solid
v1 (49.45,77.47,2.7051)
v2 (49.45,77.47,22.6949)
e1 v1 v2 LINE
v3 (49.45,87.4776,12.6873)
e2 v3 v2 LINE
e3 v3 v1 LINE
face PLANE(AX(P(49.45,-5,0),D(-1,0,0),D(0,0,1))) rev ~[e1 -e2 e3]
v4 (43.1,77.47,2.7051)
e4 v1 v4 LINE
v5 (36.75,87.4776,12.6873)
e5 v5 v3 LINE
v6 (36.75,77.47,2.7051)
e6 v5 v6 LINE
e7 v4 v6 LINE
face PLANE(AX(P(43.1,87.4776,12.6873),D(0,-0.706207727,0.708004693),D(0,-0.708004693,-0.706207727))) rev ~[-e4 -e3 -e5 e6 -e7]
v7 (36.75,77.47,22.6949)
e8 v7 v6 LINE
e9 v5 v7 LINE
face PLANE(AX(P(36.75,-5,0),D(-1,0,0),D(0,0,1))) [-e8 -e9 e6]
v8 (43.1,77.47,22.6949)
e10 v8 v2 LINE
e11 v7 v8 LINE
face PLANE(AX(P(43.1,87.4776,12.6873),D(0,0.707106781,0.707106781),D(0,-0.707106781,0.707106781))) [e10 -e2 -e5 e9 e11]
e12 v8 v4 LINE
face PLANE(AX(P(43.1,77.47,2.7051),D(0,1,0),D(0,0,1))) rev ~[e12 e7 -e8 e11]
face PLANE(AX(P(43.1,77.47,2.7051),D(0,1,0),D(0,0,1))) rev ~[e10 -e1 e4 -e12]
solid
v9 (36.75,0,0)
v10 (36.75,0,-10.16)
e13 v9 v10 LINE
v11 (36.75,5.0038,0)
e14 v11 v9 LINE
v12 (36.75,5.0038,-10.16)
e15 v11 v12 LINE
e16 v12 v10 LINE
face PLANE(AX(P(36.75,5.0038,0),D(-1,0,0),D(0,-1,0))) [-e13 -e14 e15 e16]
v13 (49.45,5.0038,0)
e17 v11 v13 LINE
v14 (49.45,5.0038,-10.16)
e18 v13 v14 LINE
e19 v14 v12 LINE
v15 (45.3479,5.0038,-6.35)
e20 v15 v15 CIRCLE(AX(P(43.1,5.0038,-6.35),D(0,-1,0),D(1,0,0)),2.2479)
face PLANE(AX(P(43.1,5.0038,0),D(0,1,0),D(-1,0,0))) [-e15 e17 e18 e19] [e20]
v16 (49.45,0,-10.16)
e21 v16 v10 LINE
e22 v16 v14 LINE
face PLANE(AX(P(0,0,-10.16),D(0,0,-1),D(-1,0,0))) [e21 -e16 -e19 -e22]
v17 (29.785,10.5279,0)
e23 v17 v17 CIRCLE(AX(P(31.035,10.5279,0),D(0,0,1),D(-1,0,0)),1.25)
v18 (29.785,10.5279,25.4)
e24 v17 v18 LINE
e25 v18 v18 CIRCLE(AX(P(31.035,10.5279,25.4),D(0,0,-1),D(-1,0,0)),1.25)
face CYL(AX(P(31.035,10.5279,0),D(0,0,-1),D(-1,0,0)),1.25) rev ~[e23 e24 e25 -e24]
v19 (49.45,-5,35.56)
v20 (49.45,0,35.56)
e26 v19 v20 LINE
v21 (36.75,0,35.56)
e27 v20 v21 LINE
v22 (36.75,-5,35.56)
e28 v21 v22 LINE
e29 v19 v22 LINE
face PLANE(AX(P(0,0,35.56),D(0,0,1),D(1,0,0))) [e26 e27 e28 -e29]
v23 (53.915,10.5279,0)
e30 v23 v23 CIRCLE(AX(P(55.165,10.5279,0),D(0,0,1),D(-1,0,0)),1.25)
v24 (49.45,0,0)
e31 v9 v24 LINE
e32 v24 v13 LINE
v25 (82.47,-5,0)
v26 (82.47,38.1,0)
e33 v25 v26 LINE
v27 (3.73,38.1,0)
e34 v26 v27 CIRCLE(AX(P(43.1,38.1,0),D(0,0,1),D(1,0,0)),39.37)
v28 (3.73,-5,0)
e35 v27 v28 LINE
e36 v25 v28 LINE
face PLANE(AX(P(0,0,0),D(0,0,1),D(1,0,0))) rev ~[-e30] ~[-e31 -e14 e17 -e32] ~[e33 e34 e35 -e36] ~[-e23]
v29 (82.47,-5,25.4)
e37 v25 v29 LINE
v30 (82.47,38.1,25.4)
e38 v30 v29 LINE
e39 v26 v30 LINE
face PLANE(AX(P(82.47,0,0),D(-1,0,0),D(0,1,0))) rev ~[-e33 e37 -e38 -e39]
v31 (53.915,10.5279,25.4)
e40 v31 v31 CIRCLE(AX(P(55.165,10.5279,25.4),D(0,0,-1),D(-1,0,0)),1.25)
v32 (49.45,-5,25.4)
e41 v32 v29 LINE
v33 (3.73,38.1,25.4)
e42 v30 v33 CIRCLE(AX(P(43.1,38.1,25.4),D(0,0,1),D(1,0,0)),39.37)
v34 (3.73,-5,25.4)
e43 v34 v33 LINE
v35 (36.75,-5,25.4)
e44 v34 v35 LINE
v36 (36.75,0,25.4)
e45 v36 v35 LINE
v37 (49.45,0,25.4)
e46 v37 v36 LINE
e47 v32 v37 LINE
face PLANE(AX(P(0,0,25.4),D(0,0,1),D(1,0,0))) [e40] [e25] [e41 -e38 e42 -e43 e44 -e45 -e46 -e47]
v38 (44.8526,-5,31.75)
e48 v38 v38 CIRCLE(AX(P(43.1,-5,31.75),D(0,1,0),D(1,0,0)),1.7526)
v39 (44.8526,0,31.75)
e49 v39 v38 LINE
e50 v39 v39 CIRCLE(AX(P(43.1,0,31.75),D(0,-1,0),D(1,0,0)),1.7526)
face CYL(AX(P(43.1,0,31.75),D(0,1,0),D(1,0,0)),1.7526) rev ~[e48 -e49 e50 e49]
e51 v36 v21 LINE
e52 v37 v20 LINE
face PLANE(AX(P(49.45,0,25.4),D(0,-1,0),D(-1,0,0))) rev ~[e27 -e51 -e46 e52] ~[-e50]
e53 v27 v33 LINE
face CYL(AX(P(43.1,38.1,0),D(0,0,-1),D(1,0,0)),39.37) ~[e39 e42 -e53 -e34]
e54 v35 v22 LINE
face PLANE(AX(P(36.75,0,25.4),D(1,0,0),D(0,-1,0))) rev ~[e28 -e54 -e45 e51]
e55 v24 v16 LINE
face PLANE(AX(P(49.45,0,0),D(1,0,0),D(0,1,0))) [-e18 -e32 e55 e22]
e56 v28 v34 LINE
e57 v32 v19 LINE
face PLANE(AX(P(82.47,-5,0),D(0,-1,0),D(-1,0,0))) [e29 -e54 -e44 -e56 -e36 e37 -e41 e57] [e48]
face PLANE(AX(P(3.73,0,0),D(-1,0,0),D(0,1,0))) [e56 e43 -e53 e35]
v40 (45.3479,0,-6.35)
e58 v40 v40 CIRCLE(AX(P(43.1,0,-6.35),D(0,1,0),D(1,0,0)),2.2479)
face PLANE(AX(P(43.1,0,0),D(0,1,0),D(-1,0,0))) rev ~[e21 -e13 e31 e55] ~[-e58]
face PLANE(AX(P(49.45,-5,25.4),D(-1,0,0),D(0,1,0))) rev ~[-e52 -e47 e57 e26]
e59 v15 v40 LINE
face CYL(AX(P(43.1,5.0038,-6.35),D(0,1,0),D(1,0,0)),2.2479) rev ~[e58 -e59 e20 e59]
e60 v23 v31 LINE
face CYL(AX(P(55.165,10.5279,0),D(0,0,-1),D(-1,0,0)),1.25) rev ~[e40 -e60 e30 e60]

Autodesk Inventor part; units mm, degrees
ref_plane "YZ Plane" through (0, 0, 0) normal (1, 0, 0) x (0, 1, 0)
ref_plane "XZ Plane" through (0, 0, 0) normal (0, 1, 0) x (-1, 0, 0)
sketch "Sketch1" plane through (0, 0, 0) normal (0, 0, 1) x (1, 0, 0)
  line L0 (0, 38.1) -> (5, 38.1) projected
  line L1 (0, 0) -> (0, 38.1) projected
  line L2 (0, 0) -> (86.2, 0) projected
  line L3 (86.2, 0) -> (86.2, 38.1) projected
  line L4 (81.2, 38.1) -> (86.2, 38.1) projected
  arc A0 (81.2, 38.1) -> (5, 38.1) centre (43.1, 38.1) ccw projected
  arc A1 (86.2, 38.1) -> (0, 38.1) centre (43.1, 38.1) ccw projected
  line L5 (86.2, -5) -> (0, -5) projected
  circle A2 centre (43.1, 38.1) radius 39.37
  line L6 (3.73, 38.1) -> (83.74, 38.1)
  line L7 (83.74, -5) -> (3.73, -5)
  line L8 (3.73, -5) -> (3.73, 38.1)
  line L9 (81.2, 38.1) -> (3.73, 38.1)
  line L10 (3.73, 38.1) -> (3.73, -5)
  line L11 (3.73, -5) -> (81.2, -5)
  line L12 (82.47, 38.1) -> (3.73, 38.1)
  line L13 (3.73, 38.1) -> (3.73, -5)
  line L14 (3.73, -5) -> (82.47, -5)
  line L15 (82.47, -5) -> (82.47, 38.1)
  dimension "d3" = 78.74
extrude "Extrusion1" add sketch "Sketch1" along normal blind 25.4 contours A2 L4 A0 L0 | L0 L6 L4 A2 L2 | A2 L2 L8 | A0 L6 | L15 L2 A2 | A2 L2 L15 L5 L8 | L2 A2
sketch "Sketch2" plane through (0, 0, 0) normal (0, 0, -1) x (-1, 0, 0)
  line L0 (-34.95, -5) -> (-47.65, -5) projected
  line L1 (-47.65, -5) -> (-47.65, 0) projected
  line L2 (-47.65, 0) -> (-34.95, 0) projected
  line L3 (-34.95, 0) -> (-34.95, -5) projected
  line L4 (-3.73, 38.1) -> (-3.73, -5) projected
  line L5 (-3.73, -5) -> (-82.47, -5) projected
  line L6 (-82.47, -5) -> (-3.73, -5)
  line L7 (-43.1, -5) -> (-43.1, 0)
  line L8 (-43.1, 0) -> (-43.1, 5.0038)
  line L9 (-43.1, 5.0038) -> (-36.75, 5.0038)
  line L10 (-36.75, 5.0038) -> (-49.45, 5.0038)
  line L11 (-49.45, 5.0038) -> (-36.75, 5.0038)
  line L12 (-36.75, 5.0038) -> (-36.75, 0)
  line L13 (-36.75, 0) -> (-49.45, 0)
  line L14 (-49.45, 0) -> (-49.45, 5.0038)
  point P0 (0, 0)
  dimension "d44" = 5.0038
  dimension "d45" = 6.35
  dimension "d46" = 12.7
  dimension "d63" = 12.7
extrude "Extrusion2" add sketch "Sketch2" along normal blind 10.16 contours L8 L9 L12 L2 | L2 L13 L14 L10 L8
sketch "Sketch4" plane through (0, 0, 25.4) normal (0, 0, 1) x (1, 0, 0)
  line L0 (3.73, -5) -> (82.47, -5) projected
  line L1 (43.1, -5) -> (49.45, -5)
  line L2 (49.45, -5) -> (36.75, -5)
  line L3 (36.75, -5) -> (49.45, -5)
  line L4 (49.45, -5) -> (49.45, 0)
  line L5 (49.45, 0) -> (36.75, 0)
  line L6 (36.75, 0) -> (36.75, -5)
  point P0 (0, 0)
  dimension "d56" = 6.35
  dimension "d57" = 12.7
  dimension "d62" = 12.7
extrude "Extrusion4" add sketch "Sketch4" along normal blind 10.16
ref_plane "Work Plane1" through (43.1, -5, 0) normal (-1, 0, 0) x (0, 0, 1)
sketch "Sketch9" plane through (43.1, -5, 0) normal (-1, 0, 0) x (0, 0, 1)
  line L0 (0, 82.47) -> (0, 43.1) projected
  line L1 (0, 82.47) -> (2.7051, 82.47)
  line L2 (0, 82.47) -> (25.4, 82.47) projected
  line L3 (2.7051, 82.47) -> (22.6949, 82.47)
  line L4 (22.6949, 82.47) -> (12.6873, 82.47)
  line L5 (12.6873, 82.47) -> (12.6873, 92.4776)
  line L6 (12.6873, 92.4776) -> (22.6949, 82.47)
  line L7 (12.6873, 92.4776) -> (2.7051, 82.47)
  point P0 (0, 5)
  dimension "d30" = 2.7051
  dimension "d31" = 19.9898
  dimension "d32" = 10.0076
  dimension "d33" = 10.0076
extrude "Extrusion8" add sketch "Sketch9" along normal mid plane 12.7
sketch "Sketch11" plane through (36.75, 5.0038, 0) normal (0, 1, 0) x (1, 0, 0)
  line L0 (12.7, 10.16) -> (0, 10.16) projected
  line L1 (6.35, 10.16) -> (6.35, 6.35)
  circle A0 centre (6.35, 6.35) radius 2.2479
  point P0 (-36.75, 0)
  dimension "d47" = 3.81
  dimension "d48" = 4.4958
extrude "Extrusion10" cut sketch "Sketch11" against normal blind 25.4
sketch "Sketch12" plane through (0, 0, 0) normal (0, 0, -1) x (-1, 0, 0)
  line L0 (-31.035, 12.5599) -> (-55.165, 12.5599) projected
  line L1 (-55.165, 8.4959) -> (-31.035, 8.4959) projected
  line L2 (-55.165, 12.5599) -> (-55.165, 8.4959)
  line L3 (-31.035, 12.5599) -> (-31.035, 8.4959)
  circle A0 centre (-55.165, 10.5279) radius 1.25
  circle A1 centre (-31.035, 10.5279) radius 1.25
  point P0 (0, 0)
  dimension "d51" = 2.5
  dimension "d52" = 2.5
extrude "Extrusion11" cut sketch "Sketch12" against normal blind 25.4 contours A1 L3 | L3 A1 | A0 L2 | L2 A0
sketch "Sketch13" plane through (36.75, 0, 25.4) normal (0, 1, 0) x (1, 0, 0)
  line L0 (0, -10.16) -> (12.7, -10.16) projected
  line L1 (6.35, -10.16) -> (6.35, -6.35)
  circle A0 centre (6.35, -6.35) radius 1.7526
  point P0 (-36.75, 25.4)
  dimension "d58" = 3.81
  dimension "d59" = 3.5052
extrude "Extrusion12" cut sketch "Sketch13" against normal blind 25.4
properties part number "Tail1"
